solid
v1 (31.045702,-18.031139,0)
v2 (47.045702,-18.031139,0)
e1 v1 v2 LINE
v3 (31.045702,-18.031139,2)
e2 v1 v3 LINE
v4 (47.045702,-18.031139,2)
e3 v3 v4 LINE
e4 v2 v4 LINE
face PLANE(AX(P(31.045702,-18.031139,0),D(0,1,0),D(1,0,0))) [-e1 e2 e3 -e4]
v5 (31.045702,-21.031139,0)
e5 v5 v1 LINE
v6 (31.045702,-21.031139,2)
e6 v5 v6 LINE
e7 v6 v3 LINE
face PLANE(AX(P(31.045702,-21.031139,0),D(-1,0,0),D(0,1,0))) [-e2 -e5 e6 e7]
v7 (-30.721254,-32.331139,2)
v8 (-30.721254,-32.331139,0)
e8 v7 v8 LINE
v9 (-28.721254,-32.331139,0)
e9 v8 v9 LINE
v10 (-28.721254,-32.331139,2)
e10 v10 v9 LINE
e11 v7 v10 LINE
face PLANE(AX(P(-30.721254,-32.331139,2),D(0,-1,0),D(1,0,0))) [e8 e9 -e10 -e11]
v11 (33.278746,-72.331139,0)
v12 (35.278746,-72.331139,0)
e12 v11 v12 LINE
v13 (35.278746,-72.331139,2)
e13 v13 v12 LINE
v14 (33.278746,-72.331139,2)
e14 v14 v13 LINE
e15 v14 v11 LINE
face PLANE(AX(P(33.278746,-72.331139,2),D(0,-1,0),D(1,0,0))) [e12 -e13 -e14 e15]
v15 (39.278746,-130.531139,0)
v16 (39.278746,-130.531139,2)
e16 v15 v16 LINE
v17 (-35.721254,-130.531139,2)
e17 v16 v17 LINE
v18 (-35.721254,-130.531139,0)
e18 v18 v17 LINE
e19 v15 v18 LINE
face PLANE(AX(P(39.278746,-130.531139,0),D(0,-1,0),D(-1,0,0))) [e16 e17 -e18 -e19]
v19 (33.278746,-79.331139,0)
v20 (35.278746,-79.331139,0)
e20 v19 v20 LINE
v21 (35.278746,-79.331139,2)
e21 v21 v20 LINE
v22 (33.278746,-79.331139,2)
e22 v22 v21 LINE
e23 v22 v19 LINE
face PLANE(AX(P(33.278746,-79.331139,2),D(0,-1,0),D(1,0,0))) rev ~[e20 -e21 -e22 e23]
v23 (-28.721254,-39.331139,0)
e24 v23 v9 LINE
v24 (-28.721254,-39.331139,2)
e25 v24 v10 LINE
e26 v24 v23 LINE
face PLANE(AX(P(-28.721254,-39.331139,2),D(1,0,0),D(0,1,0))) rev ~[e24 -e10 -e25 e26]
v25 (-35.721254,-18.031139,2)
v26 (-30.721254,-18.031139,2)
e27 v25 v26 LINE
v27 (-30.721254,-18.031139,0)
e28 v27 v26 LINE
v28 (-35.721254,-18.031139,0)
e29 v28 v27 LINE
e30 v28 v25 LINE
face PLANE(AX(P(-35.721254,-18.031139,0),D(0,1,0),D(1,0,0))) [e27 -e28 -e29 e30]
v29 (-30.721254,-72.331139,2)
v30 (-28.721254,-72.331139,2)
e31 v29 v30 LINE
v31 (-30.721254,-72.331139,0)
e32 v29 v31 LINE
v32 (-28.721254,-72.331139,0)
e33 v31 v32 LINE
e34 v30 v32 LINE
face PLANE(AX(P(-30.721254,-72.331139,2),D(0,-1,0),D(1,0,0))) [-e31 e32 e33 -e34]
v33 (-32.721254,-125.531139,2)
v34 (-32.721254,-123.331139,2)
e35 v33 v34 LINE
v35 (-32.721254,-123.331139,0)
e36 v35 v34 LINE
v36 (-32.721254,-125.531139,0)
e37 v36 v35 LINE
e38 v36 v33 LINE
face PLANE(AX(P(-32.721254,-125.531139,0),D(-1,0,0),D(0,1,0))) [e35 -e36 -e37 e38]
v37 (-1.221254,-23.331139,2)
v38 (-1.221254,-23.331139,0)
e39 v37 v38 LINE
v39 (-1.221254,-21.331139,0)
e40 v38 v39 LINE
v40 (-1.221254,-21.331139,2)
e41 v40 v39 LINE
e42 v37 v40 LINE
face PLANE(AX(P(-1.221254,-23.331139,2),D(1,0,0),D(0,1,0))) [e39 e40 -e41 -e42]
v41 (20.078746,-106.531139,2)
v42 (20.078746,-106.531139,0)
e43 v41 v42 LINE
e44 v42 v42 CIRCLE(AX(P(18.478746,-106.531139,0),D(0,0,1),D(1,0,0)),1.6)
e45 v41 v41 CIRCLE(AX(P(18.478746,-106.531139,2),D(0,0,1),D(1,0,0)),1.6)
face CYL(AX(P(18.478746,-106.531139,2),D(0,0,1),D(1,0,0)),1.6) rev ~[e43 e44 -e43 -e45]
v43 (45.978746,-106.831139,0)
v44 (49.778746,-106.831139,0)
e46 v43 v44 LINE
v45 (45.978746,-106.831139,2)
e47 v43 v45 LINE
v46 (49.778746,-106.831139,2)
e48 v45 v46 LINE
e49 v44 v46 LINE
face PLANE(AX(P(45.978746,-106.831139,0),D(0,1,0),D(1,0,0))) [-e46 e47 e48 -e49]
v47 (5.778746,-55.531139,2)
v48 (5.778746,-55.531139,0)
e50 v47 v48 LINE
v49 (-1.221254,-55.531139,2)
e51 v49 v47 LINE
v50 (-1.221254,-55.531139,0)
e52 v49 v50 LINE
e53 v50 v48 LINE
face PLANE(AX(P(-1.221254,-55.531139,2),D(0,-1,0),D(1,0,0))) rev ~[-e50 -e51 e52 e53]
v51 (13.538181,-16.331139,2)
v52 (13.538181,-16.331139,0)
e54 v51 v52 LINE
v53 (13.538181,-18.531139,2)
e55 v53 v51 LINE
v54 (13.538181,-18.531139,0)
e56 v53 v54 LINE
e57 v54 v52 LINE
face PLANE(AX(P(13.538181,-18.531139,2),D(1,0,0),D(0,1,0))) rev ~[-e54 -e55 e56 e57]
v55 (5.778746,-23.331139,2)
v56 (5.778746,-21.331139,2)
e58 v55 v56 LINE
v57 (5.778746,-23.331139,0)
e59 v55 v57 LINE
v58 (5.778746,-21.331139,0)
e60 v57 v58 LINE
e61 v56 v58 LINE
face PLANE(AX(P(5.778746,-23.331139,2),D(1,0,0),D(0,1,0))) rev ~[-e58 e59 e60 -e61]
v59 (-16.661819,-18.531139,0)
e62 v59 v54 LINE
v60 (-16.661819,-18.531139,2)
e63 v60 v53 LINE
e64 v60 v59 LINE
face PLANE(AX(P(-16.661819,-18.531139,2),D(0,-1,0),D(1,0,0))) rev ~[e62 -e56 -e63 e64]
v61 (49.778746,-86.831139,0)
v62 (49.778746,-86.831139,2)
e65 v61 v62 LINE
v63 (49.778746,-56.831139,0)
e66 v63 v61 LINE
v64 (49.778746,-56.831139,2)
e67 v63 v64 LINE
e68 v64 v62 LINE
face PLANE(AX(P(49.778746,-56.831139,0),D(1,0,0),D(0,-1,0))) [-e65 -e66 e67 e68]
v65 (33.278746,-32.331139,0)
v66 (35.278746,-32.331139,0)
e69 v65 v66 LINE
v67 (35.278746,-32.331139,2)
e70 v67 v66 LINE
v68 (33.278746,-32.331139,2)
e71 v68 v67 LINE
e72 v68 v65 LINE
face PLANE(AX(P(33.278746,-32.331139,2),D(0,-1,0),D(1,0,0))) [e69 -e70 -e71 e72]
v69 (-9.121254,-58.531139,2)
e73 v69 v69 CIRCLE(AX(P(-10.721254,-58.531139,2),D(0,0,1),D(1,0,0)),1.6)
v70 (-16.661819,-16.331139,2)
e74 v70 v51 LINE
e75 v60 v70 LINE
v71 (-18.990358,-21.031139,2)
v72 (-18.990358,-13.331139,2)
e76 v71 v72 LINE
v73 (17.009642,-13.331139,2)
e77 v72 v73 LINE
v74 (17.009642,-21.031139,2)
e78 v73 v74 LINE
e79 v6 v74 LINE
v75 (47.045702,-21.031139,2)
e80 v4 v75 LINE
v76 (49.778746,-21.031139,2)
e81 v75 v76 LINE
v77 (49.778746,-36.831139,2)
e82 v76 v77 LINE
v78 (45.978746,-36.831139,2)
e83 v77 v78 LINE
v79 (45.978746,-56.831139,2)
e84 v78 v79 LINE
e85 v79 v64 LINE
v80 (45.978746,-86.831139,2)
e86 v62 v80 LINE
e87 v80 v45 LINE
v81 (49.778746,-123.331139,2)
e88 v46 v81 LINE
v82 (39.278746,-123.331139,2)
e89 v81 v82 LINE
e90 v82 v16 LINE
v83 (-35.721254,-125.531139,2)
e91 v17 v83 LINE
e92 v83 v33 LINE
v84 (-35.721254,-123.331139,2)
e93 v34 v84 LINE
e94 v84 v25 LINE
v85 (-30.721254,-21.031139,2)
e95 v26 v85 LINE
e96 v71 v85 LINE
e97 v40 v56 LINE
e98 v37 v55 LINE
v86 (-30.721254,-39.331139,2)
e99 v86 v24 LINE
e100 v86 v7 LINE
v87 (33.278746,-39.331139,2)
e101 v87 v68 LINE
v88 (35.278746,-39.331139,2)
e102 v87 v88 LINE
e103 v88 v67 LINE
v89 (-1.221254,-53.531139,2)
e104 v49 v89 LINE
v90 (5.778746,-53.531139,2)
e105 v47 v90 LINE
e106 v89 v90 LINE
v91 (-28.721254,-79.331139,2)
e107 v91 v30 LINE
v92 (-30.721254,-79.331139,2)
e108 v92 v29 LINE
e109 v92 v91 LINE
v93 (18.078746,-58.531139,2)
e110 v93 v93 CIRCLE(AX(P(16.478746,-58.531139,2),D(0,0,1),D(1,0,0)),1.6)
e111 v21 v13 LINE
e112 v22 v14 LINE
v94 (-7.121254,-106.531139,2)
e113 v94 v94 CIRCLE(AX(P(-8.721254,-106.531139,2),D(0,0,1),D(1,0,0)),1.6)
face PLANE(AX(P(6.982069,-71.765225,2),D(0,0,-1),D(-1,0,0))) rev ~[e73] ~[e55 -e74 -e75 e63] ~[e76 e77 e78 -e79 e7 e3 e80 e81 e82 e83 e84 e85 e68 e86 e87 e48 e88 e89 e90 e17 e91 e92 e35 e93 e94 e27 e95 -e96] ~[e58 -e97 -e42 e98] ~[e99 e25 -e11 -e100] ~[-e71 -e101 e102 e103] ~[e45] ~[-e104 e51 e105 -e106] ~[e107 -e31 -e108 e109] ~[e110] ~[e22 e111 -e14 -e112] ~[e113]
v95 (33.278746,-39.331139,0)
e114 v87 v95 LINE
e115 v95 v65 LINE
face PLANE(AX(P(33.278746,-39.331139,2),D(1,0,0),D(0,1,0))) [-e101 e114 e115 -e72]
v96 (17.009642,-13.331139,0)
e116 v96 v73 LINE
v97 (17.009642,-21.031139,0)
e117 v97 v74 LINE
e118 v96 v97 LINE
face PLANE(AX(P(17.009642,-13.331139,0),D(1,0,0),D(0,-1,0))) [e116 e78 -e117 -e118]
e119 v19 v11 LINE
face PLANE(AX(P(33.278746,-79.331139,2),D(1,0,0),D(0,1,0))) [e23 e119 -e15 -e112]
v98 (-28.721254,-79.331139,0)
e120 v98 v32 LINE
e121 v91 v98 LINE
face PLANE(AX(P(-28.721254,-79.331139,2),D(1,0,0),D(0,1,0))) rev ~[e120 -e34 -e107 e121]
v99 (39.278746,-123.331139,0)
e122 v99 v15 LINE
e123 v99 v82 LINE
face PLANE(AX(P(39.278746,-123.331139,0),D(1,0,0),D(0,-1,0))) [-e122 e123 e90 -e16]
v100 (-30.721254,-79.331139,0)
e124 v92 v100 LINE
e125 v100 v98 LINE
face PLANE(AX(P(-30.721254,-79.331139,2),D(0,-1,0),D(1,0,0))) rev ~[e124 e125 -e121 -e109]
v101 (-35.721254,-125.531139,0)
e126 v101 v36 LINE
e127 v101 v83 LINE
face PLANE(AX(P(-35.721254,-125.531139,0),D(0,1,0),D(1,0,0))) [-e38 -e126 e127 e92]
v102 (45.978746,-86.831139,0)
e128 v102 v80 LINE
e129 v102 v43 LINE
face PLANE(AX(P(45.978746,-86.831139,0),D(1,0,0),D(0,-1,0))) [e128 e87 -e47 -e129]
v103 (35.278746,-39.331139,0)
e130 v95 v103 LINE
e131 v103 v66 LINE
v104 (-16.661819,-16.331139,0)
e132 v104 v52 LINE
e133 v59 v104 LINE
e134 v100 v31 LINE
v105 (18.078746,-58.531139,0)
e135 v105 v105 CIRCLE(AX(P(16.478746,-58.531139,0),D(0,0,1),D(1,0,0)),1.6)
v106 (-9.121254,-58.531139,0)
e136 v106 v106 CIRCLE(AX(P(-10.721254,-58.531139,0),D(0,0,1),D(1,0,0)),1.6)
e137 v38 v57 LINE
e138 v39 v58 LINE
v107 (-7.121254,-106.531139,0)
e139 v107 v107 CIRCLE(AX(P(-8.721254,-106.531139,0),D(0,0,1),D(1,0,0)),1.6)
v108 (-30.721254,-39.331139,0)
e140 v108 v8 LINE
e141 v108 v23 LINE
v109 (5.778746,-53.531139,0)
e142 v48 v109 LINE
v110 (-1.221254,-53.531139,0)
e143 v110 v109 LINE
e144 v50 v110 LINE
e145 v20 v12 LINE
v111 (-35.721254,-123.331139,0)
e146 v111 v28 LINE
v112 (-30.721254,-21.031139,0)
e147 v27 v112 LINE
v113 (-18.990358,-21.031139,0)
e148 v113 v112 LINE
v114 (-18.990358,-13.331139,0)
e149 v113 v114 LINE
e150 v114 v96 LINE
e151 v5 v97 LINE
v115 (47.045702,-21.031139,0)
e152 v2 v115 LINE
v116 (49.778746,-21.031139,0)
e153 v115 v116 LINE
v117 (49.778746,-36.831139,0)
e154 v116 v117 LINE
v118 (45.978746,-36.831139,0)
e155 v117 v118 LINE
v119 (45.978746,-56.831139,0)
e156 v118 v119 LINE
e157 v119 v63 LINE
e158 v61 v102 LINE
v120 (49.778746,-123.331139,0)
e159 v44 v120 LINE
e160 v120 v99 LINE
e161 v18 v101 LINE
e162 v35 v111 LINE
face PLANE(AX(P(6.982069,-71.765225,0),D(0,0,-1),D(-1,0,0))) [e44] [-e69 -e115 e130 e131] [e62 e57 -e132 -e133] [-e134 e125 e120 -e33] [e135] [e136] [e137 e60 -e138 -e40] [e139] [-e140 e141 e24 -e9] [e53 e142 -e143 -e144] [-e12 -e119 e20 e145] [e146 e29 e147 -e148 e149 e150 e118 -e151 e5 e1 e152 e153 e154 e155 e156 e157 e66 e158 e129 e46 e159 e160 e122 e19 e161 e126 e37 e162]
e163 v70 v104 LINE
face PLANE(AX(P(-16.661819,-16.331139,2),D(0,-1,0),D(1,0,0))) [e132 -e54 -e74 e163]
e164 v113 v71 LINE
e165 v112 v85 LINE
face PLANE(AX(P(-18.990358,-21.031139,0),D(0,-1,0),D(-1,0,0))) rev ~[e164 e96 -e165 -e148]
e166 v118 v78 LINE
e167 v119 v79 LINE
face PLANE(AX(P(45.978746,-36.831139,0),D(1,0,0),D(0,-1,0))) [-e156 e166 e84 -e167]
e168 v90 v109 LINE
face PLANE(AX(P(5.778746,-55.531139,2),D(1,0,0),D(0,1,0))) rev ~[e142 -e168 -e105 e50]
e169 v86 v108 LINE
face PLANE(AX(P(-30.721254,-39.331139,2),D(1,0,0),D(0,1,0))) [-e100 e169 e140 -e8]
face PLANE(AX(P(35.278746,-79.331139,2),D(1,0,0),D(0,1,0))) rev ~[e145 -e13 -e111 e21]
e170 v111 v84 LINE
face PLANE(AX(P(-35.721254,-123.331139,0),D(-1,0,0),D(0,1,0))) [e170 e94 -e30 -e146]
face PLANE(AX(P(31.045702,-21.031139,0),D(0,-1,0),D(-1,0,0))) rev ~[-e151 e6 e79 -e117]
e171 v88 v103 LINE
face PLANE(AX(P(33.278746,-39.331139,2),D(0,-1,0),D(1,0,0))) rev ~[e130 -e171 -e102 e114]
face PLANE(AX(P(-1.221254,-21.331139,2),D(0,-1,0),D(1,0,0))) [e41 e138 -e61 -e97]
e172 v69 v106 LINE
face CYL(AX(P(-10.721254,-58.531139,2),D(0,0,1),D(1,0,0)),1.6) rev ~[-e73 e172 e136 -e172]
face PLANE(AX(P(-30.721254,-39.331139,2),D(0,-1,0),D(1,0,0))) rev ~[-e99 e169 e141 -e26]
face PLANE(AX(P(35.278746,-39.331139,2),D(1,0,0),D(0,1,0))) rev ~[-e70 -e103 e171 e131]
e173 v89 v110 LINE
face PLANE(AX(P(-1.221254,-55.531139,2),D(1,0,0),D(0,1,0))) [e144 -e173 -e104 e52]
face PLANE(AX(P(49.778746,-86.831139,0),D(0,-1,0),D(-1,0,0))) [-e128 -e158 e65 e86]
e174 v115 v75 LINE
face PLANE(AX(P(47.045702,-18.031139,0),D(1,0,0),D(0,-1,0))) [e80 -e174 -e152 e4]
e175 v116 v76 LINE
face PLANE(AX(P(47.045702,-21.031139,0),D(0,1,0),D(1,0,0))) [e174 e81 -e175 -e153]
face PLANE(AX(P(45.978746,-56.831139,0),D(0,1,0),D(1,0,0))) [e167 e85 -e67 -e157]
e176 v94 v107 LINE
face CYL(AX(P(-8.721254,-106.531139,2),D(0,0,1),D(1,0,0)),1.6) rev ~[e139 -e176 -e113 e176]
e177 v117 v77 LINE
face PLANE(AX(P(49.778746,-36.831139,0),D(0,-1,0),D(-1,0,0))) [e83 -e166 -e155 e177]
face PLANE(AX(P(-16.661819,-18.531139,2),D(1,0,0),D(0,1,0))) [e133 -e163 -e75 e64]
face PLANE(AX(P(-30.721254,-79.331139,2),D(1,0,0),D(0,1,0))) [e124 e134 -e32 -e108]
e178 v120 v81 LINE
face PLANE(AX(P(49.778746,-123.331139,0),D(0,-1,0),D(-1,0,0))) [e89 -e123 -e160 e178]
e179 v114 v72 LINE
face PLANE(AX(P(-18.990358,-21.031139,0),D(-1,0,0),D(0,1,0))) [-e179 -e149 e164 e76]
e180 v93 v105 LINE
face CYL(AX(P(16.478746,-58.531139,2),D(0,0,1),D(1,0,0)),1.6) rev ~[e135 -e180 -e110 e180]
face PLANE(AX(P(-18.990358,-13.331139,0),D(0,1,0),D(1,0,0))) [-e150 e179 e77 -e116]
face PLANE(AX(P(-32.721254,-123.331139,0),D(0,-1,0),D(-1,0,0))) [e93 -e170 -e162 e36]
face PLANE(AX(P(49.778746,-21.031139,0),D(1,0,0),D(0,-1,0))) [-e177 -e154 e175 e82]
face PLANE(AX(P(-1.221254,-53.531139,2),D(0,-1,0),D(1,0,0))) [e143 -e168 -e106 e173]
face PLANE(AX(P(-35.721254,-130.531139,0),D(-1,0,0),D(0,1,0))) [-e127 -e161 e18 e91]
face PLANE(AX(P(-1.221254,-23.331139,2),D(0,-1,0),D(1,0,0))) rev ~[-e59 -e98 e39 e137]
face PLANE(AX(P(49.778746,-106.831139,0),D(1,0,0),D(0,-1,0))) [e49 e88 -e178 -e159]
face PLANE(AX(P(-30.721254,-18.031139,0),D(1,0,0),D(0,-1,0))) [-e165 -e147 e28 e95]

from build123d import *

# Parameters (mm, degrees)
AUFSATZ_LINEAR_AUSTRAGEN1_DEPTH = 2
SKIZZE2_R                       = 1.6
SKIZZE2_W                       = 2
SKIZZE2_H                       = 7
SKIZZE2_W_2                     = 7
SKIZZE2_H_2                     = 2
SCHNITT_LINEAR_AUSTRAGEN1_DEPTH = 2
SKIZZE3_W                       = 30.2
SKIZZE3_H                       = 2.2
SCHNITT_LINEAR_AUSTRAGEN2_DEPTH = 2


with BuildPart() as part:
    # Skizze1 → Aufsatz-Linear austragen1 (new body)
    with BuildSketch(Plane.XY):
        Polygon((39.278745883, -130.531139266), (-35.721254117, -130.531139266), (-35.721254117, -125.531139266), (-32.721254117, -125.531139266), (-32.721254117, -123.331139266), (-35.721254117, -123.331139266), (-35.721254117, -18.031139266), (-30.721254117, -18.031139266), (-30.721254117, -21.031139266), (-28.689548947, -21.031139266), (-23.428125466, -21.031139266), (-18.990357652, -21.031139266), (-18.990357652, -13.331139266), (17.009642348, -13.331139266), (17.009642348, -21.031139266), (22.500868798, -21.031139266), (28.500868798, -21.031139266), (31.045701771, -21.031139266), (31.045701771, -18.031139266), (47.045701771, -18.031139266), (47.045701771, -21.031139266), (49.778745883, -21.031139266), (49.778745883, -36.831139266), (45.978745883, -36.831139266), (45.978745883, -56.831139266), (49.778745883, -56.831139266), (49.778745883, -86.831139266), (45.978745883, -86.831139266), (45.978745883, -106.831139266), (49.778745883, -106.831139266), (49.778745883, -123.331139266), (39.278745883, -123.331139266), align=None)
    extrude(amount=AUFSATZ_LINEAR_AUSTRAGEN1_DEPTH)

    # Skizze2 → Schnitt-Linear austragen1 (cut)
    with BuildSketch(Plane.XY.offset(2)):
        with Locations((-10.721254117, -58.531139266)):
            Circle(SKIZZE2_R)
        with Locations((16.478745883, -58.531139266)):
            Circle(SKIZZE2_R)
        with Locations((-8.721254117, -106.531139266)):
            Circle(SKIZZE2_R)
        with Locations((18.478745883, -106.531139266)):
            Circle(SKIZZE2_R)
        with Locations((-29.721254117, -35.831139266)):
            Rectangle(SKIZZE2_W, SKIZZE2_H)
        with Locations((34.278745883, -35.831139266)):
            Rectangle(SKIZZE2_W, SKIZZE2_H)
        with Locations((-29.721254117, -75.831139266)):
            Rectangle(SKIZZE2_W, SKIZZE2_H)
        with Locations((34.278745883, -75.831139266)):
            Rectangle(SKIZZE2_W, SKIZZE2_H)
        with Locations((2.278745883, -54.531139266)):
            Rectangle(SKIZZE2_W_2, SKIZZE2_H_2)
        with Locations((2.278745883, -22.331139266)):
            Rectangle(SKIZZE2_W_2, SKIZZE2_H_2)
    extrude(amount=-SCHNITT_LINEAR_AUSTRAGEN1_DEPTH, mode=Mode.SUBTRACT)

    # Skizze3 → Schnitt-Linear austragen2 (cut)
    with BuildSketch(Plane.XY.offset(2)):
        with Locations((-1.561818921, -17.431139266)):
            Rectangle(SKIZZE3_W, SKIZZE3_H)
    extrude(amount=-SCHNITT_LINEAR_AUSTRAGEN2_DEPTH, mode=Mode.SUBTRACT)


solid = part.part
